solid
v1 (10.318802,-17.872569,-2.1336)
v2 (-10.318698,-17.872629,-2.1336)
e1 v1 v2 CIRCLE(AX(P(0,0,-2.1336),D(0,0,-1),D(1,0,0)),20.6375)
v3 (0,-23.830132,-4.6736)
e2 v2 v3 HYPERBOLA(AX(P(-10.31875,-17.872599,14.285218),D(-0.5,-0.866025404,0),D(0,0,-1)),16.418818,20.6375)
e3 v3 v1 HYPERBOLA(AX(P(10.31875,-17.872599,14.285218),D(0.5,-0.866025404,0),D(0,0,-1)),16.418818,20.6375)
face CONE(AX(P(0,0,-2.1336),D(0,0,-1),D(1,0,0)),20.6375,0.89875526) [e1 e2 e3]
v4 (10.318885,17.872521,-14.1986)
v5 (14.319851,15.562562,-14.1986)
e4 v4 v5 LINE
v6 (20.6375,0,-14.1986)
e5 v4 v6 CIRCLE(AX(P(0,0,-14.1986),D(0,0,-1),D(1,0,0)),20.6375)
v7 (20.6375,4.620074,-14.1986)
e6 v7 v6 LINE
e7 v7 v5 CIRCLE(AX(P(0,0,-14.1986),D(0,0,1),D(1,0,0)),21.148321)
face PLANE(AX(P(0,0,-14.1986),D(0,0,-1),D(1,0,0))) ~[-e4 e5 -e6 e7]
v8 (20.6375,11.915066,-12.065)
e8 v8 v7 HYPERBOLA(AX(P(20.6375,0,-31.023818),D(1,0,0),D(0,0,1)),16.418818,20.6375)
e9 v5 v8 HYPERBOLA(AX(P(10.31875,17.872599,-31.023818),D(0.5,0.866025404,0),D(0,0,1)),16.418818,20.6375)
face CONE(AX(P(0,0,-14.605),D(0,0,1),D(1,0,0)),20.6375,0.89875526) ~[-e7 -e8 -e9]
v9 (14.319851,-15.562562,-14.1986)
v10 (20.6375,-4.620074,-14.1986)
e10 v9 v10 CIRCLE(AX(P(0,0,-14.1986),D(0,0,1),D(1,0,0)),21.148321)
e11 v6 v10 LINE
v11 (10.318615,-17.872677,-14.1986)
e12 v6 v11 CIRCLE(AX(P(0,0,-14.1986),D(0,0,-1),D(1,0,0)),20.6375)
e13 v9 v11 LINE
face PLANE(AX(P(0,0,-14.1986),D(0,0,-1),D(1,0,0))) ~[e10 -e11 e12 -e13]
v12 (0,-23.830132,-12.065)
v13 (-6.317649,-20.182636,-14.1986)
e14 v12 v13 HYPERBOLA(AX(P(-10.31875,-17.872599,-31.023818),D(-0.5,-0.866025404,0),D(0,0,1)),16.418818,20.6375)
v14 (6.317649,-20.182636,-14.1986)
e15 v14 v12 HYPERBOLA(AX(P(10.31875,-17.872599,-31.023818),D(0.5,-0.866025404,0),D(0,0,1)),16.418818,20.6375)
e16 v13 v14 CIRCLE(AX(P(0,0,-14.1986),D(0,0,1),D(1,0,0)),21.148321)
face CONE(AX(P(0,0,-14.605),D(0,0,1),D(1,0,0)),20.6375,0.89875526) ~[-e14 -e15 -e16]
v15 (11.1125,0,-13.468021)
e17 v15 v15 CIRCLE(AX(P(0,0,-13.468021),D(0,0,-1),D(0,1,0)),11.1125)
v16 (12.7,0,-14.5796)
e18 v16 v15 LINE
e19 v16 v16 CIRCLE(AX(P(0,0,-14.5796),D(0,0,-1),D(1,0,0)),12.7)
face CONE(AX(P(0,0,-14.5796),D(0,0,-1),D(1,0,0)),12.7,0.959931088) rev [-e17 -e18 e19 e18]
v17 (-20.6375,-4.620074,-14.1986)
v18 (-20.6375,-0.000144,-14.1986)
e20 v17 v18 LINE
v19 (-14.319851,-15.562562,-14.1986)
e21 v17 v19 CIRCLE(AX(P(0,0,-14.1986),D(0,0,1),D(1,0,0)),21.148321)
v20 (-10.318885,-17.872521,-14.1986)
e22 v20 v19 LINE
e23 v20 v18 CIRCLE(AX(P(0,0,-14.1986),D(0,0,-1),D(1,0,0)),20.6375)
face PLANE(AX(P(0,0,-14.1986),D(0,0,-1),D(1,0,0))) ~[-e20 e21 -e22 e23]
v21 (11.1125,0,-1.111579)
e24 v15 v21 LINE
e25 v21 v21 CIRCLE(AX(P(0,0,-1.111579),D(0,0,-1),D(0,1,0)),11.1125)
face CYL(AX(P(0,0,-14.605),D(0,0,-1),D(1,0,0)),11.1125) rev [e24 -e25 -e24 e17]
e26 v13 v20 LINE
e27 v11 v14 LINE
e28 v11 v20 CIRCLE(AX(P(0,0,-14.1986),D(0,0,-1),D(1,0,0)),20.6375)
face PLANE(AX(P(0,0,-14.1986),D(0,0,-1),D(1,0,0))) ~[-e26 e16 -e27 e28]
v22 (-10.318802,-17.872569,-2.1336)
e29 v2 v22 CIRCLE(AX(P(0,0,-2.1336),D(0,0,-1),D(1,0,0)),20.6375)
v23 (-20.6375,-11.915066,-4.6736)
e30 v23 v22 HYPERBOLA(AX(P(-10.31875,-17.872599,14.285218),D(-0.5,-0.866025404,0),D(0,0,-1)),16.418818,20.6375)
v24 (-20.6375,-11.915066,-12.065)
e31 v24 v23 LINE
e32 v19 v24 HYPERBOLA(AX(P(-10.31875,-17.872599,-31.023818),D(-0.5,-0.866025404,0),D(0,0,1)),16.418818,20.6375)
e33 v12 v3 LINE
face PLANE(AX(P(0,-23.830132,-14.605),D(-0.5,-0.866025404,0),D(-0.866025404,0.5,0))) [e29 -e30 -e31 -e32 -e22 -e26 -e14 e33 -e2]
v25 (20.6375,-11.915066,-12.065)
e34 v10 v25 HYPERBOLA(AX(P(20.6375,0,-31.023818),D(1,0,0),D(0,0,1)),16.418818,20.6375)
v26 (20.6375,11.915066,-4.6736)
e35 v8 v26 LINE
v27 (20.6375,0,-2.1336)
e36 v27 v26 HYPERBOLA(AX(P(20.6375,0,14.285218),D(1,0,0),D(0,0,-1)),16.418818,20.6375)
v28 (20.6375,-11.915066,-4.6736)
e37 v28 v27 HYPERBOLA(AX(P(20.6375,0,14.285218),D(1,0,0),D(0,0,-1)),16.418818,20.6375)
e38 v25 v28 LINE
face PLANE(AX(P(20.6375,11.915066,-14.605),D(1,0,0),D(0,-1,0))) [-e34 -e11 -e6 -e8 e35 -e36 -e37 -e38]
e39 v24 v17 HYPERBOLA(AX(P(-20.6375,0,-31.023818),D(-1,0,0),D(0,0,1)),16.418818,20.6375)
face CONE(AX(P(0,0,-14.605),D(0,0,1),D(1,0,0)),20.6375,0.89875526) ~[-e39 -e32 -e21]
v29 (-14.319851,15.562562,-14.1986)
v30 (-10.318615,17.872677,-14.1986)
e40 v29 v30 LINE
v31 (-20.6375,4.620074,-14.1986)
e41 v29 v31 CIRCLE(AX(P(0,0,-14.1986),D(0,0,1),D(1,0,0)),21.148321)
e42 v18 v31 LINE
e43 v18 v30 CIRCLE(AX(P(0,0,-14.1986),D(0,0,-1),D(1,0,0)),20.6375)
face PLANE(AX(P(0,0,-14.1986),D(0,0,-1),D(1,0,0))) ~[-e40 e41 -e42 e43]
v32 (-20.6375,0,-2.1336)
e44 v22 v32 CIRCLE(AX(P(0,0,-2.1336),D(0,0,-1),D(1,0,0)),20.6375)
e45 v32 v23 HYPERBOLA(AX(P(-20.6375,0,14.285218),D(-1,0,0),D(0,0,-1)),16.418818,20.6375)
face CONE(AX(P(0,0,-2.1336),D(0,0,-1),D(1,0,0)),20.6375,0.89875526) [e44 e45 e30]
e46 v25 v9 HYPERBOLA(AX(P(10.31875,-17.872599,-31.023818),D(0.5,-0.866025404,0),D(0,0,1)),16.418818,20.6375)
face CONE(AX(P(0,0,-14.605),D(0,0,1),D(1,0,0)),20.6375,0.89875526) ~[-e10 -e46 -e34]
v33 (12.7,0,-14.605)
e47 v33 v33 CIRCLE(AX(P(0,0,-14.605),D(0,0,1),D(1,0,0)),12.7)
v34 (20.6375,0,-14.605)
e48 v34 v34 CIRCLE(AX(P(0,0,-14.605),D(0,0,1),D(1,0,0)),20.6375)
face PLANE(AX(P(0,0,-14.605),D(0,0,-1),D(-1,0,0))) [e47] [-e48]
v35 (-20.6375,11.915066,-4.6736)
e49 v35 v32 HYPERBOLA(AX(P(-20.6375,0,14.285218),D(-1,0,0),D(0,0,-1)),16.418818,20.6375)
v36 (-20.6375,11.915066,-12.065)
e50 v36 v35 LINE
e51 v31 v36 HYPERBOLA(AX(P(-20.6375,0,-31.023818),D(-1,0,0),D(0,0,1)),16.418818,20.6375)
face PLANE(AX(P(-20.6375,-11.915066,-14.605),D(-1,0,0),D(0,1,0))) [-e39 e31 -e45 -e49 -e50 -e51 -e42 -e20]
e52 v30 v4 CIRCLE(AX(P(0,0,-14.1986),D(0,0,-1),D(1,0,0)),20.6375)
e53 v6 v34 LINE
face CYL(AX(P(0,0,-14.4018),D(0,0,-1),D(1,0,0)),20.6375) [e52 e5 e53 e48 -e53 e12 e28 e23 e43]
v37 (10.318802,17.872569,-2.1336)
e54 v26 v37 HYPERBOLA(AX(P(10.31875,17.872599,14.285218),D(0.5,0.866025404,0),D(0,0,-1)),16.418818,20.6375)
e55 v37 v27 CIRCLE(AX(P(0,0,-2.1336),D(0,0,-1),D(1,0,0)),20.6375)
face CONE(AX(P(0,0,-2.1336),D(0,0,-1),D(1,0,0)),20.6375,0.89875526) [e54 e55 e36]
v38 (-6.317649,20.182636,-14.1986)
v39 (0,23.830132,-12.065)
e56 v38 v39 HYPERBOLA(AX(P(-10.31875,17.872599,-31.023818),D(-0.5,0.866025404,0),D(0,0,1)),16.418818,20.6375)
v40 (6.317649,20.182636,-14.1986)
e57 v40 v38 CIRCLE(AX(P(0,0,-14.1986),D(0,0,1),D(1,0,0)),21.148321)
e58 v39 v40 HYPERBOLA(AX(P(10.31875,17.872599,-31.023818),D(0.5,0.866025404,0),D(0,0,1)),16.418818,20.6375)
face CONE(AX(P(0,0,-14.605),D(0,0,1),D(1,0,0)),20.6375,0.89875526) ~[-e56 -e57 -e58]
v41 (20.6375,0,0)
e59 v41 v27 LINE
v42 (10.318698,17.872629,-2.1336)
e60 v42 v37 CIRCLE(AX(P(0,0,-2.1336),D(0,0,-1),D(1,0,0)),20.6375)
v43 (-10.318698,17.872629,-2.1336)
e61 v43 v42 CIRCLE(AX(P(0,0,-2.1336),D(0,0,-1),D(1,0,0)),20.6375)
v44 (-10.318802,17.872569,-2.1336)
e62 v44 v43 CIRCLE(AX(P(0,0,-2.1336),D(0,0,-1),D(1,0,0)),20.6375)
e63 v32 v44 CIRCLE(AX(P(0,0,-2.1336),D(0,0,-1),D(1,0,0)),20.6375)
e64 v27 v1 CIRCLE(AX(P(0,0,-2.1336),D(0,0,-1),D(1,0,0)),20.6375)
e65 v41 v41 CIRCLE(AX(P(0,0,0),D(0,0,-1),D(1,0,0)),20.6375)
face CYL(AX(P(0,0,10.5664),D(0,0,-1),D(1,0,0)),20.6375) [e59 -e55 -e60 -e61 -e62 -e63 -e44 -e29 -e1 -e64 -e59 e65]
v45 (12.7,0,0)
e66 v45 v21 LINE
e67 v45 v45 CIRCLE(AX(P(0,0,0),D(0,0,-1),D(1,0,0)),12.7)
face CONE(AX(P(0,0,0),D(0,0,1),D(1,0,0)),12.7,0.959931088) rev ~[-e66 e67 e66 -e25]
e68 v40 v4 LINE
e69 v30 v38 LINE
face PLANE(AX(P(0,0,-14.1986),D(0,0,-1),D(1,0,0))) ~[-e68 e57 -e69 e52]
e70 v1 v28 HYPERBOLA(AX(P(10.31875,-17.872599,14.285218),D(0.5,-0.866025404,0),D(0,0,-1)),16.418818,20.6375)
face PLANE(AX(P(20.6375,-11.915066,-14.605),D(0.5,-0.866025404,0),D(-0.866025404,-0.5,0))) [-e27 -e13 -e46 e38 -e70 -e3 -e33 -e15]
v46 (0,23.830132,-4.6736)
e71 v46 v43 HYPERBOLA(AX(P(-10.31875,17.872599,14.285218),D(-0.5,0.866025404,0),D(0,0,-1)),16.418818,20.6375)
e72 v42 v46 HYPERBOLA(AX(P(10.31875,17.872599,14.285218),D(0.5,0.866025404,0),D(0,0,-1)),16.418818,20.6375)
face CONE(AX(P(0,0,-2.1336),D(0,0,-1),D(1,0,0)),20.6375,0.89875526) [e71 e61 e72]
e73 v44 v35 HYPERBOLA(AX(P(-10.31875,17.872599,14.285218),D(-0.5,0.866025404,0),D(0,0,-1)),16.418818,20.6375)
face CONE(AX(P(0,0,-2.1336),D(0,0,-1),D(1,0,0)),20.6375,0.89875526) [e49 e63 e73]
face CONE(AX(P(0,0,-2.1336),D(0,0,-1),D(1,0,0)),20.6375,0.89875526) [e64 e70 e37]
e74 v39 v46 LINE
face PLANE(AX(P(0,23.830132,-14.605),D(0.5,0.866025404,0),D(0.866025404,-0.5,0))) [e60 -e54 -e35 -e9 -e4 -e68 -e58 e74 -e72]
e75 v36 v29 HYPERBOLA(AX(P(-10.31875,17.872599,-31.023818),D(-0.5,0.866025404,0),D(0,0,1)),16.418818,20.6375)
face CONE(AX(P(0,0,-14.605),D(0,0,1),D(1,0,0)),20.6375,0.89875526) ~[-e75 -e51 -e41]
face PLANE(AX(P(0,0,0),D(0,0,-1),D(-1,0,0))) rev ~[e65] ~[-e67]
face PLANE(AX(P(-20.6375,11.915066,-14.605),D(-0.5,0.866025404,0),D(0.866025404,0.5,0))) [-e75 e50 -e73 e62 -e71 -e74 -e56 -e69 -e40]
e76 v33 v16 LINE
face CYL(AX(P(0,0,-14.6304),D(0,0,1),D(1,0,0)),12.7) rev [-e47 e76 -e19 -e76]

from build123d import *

# Parameters (mm, degrees)
BASENUT_START = -14.605
BASENUTSKE_R  = 11.1125
BASENUT_DEPTH = 14.605
SKETCH4_W     = 0.4064
SKETCH4_H     = 15.892632361


with BuildPart() as part:
    # BaseNutSke → BaseNut (new body)
    with BuildSketch(Plane.XY.offset(BASENUT_START)):
        Polygon((20.6375, 11.91506618), (20.6375, -11.91506618), (0, -23.830132361), (-20.6375, -11.91506618), (-20.6375, 11.91506618), (0, 23.830132361), align=None)
        Circle(BASENUTSKE_R, mode=Mode.SUBTRACT)
    extrude(amount=BASENUT_DEPTH)

    # Sketch4 → Bearing-Face (revolve, cut)
    with BuildSketch(Plane(origin=(0, 0, 0), x_dir=(0, 0, -1), z_dir=(1, 0, 0)), mode=Mode.PRIVATE) as bearing_face_sk:
        with Locations((14.4018, 28.583816181)):
            Rectangle(SKETCH4_W, SKETCH4_H)
        Polygon((0, 20.6375), (-12.7, 20.6375), (-12.7, 36.530132361), (2.54, 36.530132361), (2.54, 23.830132361), align=None)
    revolve(bearing_face_sk.sketch.rotate(Axis((0, 0, 0), (0, 0, -1)), 90), axis=Axis((0, 0, 0), (0, 0, -1)), mode=Mode.SUBTRACT)

    # Sketch3 → Double-Chamfer (revolve, cut)
    with BuildSketch(Plane(origin=(0, 0, 0), x_dir=(0, 0, -1), z_dir=(1, 0, 0)), mode=Mode.PRIVATE) as double_chamfer_sk:
        Polygon((14.605, 20.6375), (12.065, 23.830132361), (12.065, 36.530132361), (27.305, 36.530132361), (27.305, 20.6375), align=None)
        Polygon((4.6736, 36.530132361), (-10.5664, 36.530132361), (-10.5664, 20.6375), (2.1336, 20.6375), (4.6736, 23.830132361), align=None)
    revolve(double_chamfer_sk.sketch.rotate(Axis((0, 0, 0), (0, 0, -1)), 90), axis=Axis((0, 0, 0), (0, 0, -1)), mode=Mode.SUBTRACT)

    # EndChamferSke → EndChamfer (revolve, cut)
    with BuildSketch(Plane(origin=(0, 0, 0), x_dir=(0, 0, -1), z_dir=(1, 0, 0)), mode=Mode.PRIVATE) as endchamfer_sk:
        Polygon((14.5796, 12.7), (13.356862586, 10.95375), (14.6304, 10.95375), (14.6304, 12.7), align=None)
        Polygon((-0.0508, 12.7), (0, 12.7), (1.222737414, 10.95375), (-0.0508, 10.95375), align=None)
    revolve(endchamfer_sk.sketch.rotate(Axis((0, 0, -25.037505729), (0, 0, -1)), 90), axis=Axis((0, 0, -25.037505729), (0, 0, -1)), mode=Mode.SUBTRACT)


solid = part.part
